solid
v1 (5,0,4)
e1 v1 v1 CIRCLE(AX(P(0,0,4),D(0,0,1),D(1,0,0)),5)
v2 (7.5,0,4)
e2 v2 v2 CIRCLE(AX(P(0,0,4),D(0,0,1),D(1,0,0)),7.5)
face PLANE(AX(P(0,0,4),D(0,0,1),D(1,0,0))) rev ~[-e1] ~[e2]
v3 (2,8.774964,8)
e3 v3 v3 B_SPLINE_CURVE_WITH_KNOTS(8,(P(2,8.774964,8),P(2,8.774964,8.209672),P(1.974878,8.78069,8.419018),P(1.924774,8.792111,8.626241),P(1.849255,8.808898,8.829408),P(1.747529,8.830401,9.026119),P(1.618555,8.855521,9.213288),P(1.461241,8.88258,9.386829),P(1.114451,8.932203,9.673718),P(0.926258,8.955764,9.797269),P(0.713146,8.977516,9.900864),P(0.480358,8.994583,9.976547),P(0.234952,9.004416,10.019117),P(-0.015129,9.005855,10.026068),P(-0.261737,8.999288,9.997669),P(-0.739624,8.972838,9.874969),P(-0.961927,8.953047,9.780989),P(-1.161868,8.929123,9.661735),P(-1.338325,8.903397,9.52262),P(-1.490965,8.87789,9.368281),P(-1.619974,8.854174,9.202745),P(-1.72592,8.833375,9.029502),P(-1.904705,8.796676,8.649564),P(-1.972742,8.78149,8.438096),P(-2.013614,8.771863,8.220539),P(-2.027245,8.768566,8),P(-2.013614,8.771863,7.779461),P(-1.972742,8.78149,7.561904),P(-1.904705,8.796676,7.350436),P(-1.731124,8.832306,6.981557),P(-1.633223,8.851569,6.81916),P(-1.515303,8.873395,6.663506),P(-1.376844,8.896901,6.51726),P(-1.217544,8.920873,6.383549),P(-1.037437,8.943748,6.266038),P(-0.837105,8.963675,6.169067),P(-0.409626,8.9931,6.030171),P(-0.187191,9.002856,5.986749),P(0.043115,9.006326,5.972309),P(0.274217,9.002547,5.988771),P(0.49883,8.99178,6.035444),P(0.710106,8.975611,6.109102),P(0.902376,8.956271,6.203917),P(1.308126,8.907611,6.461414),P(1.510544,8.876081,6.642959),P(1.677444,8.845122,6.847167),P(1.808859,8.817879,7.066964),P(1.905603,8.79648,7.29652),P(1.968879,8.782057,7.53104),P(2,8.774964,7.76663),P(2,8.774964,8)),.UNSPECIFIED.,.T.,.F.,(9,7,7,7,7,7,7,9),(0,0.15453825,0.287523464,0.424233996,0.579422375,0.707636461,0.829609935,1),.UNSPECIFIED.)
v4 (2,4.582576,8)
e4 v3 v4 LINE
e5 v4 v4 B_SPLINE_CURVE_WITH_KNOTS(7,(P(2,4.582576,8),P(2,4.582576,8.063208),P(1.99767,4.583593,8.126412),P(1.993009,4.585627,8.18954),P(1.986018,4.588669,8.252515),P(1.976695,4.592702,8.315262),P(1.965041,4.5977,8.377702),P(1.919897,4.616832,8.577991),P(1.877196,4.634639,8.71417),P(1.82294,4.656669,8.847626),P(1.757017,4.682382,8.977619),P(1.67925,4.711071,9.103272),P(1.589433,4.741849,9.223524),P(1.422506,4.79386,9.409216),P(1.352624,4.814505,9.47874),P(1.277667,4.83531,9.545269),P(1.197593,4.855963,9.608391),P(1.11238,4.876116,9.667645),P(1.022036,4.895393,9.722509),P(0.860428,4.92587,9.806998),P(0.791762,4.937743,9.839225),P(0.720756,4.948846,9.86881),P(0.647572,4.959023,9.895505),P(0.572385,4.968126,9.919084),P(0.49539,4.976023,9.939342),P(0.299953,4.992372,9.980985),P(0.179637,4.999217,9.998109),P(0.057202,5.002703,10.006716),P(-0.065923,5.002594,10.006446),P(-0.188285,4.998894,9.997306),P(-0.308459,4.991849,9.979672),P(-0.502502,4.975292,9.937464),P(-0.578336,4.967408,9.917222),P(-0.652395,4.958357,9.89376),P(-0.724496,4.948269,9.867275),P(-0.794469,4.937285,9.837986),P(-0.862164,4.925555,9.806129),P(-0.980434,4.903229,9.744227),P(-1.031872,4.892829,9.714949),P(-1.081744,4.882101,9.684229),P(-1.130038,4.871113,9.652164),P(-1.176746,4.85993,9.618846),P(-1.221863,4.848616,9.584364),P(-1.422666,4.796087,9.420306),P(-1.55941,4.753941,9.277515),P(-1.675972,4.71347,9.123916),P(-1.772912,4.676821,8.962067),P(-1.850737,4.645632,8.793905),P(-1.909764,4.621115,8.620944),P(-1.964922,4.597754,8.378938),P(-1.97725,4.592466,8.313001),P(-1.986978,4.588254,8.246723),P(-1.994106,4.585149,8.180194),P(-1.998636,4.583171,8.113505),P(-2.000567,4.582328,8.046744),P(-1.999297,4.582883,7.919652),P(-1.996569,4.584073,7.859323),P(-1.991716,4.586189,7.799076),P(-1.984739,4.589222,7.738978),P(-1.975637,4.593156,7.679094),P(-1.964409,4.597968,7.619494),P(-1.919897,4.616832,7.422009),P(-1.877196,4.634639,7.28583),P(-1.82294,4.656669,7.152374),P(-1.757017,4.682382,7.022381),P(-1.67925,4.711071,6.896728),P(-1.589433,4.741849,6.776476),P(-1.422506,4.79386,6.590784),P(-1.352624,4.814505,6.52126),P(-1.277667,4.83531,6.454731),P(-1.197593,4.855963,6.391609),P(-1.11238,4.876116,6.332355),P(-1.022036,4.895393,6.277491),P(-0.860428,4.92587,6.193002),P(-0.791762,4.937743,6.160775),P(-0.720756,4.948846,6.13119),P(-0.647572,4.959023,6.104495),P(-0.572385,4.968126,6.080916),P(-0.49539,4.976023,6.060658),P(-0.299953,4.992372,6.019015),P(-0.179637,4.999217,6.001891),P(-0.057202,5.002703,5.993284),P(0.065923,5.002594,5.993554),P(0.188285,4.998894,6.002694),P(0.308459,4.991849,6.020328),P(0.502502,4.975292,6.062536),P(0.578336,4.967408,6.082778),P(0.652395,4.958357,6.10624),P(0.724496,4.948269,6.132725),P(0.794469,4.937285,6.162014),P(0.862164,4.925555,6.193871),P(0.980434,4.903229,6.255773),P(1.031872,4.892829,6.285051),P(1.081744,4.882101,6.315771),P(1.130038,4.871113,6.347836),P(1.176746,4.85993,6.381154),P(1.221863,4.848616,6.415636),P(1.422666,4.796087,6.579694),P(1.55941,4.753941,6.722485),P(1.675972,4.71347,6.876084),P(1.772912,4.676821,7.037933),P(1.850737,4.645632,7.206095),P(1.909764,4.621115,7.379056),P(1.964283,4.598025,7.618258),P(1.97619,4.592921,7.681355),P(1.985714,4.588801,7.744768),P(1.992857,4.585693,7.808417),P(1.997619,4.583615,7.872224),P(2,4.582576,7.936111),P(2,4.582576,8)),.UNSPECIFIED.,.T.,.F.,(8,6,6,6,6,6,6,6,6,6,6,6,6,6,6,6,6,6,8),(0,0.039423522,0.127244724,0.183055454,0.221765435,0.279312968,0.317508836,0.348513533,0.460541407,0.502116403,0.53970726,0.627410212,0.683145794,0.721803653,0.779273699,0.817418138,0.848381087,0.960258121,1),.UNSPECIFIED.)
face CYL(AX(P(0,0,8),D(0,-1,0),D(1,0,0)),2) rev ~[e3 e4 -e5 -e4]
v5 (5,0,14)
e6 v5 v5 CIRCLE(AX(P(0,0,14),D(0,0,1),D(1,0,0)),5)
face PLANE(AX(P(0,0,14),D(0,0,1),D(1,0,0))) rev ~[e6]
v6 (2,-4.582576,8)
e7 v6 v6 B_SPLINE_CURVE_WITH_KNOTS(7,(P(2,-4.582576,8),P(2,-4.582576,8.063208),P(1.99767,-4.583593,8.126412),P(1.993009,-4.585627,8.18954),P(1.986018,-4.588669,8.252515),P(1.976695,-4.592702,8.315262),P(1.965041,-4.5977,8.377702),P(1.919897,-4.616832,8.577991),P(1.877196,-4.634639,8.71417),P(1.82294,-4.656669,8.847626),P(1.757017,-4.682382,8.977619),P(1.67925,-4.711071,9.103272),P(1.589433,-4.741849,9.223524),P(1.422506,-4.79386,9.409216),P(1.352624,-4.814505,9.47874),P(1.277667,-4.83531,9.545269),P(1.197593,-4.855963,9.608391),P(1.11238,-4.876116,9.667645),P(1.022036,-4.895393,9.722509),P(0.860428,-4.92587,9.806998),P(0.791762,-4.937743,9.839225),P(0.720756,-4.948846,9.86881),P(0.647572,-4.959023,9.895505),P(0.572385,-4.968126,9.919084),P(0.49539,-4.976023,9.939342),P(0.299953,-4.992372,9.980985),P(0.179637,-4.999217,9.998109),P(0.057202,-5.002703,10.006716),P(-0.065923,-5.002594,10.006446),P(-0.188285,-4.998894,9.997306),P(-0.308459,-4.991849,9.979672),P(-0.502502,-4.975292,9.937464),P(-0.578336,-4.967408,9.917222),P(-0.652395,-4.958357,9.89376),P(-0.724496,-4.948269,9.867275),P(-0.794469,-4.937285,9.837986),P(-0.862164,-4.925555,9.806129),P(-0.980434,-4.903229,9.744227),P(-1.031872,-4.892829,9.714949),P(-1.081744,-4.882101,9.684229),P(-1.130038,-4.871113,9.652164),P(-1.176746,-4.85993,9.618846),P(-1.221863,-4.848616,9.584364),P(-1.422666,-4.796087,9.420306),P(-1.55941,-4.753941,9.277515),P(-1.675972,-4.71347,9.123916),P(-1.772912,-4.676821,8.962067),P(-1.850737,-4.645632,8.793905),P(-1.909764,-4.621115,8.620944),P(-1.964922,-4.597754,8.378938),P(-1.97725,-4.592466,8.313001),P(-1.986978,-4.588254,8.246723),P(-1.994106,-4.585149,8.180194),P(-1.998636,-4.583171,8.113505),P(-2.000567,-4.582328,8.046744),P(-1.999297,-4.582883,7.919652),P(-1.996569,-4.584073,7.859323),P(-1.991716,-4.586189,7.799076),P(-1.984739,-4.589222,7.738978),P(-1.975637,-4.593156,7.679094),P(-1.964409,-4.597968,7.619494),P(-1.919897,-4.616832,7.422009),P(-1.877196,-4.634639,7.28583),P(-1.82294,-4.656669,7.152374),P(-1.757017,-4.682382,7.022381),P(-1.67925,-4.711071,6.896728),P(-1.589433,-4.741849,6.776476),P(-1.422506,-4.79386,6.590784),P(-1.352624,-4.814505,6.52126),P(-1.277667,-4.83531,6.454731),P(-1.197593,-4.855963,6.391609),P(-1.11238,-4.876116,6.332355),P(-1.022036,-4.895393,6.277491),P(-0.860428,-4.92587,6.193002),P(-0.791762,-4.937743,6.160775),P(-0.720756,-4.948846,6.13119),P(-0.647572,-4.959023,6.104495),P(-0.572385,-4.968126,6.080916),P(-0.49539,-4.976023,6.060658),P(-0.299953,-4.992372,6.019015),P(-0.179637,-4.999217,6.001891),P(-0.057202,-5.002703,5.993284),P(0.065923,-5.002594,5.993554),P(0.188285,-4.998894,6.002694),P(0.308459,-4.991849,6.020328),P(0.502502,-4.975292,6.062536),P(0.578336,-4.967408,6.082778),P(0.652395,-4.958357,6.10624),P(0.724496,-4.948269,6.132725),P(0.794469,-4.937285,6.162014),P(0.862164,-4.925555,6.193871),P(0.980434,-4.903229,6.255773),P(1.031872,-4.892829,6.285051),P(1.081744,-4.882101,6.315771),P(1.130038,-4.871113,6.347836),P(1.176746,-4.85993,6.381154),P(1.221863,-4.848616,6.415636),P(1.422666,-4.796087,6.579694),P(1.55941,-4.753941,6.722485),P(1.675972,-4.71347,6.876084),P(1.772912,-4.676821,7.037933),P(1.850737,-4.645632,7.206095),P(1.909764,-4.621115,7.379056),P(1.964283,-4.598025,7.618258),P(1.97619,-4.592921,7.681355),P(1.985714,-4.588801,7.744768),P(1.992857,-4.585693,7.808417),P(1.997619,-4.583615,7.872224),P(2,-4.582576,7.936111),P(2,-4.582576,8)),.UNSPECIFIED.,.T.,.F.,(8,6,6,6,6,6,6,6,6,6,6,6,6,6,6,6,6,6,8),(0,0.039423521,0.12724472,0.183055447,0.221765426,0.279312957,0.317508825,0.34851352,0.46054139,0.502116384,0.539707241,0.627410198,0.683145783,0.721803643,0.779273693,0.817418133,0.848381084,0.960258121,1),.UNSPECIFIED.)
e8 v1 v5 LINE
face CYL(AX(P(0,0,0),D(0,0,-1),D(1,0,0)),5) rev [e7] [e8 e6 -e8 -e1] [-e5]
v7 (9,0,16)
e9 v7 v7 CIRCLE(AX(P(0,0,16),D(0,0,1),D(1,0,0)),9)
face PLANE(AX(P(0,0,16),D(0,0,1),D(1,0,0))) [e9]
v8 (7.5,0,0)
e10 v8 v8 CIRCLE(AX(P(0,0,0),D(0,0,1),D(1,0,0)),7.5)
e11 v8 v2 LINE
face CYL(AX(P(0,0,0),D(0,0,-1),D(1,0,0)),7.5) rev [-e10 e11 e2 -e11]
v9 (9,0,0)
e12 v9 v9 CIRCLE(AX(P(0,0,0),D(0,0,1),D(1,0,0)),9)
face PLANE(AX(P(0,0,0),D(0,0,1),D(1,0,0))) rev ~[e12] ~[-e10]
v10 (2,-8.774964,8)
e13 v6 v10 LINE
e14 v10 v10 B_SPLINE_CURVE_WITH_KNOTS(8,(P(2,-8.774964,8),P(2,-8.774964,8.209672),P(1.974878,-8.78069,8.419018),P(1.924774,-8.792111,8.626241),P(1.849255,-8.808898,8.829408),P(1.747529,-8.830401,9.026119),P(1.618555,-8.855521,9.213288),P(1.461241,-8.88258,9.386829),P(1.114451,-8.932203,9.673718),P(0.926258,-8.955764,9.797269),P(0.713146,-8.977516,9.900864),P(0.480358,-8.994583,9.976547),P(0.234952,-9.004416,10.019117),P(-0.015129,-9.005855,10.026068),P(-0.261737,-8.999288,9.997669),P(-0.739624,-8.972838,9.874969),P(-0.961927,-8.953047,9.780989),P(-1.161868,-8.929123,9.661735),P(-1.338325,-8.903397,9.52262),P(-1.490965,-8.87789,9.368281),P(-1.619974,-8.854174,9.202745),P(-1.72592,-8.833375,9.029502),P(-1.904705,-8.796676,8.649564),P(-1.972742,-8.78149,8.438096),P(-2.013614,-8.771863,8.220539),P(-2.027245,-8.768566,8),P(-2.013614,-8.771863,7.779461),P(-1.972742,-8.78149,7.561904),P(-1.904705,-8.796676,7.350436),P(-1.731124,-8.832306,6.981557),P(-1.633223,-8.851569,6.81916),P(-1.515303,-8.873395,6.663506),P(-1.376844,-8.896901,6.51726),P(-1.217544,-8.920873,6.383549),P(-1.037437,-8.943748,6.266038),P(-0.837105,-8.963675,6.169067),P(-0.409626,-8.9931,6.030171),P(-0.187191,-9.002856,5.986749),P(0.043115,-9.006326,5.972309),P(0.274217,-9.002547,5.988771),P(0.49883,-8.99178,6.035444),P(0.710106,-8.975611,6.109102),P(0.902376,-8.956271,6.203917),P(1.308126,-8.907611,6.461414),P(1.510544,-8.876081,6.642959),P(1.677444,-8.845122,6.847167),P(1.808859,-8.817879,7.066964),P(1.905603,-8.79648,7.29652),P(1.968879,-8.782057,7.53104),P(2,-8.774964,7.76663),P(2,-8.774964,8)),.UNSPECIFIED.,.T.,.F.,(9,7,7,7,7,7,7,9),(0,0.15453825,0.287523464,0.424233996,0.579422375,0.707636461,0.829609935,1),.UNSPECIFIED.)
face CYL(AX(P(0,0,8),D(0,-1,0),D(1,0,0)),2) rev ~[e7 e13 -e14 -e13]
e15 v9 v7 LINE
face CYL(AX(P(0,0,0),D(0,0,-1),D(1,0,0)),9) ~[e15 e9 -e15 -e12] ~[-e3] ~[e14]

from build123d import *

# Parameters (mm, degrees)
F0_R     = 9
F0_R_2   = 7.5
F0_R_3   = 5
F1_DEPTH = 16
F2_DEPTH = 14
F3_DEPTH = 4
F4_R     = 2
F5_DEPTH = 12.5


with BuildPart() as f1:
    # F0 (on Top) → F1 (new body)
    with BuildSketch(Plane.XY):
        Circle(F0_R)
        Circle(F0_R_2, mode=Mode.SUBTRACT)
        Circle(F0_R_2)
        Circle(F0_R_3, mode=Mode.SUBTRACT)
        Circle(F0_R_3)
    extrude(amount=F1_DEPTH)

    # F0 (on Top) → F2 (cut)
    with BuildSketch(Plane.XY):
        Circle(F0_R_3)
    extrude(amount=F2_DEPTH, mode=Mode.SUBTRACT)

    # F0 (on Top) → F3 (cut)
    with BuildSketch(Plane.XY):
        Circle(F0_R_2)
        Circle(F0_R_3, mode=Mode.SUBTRACT)
    extrude(amount=F3_DEPTH, mode=Mode.SUBTRACT)

    # F4 (on Front) → F5 (cut, symmetric)
    with BuildSketch(Plane.XZ):
        with Locations((0, 8)):
            Circle(F4_R)
    extrude(amount=F5_DEPTH, both=True, mode=Mode.SUBTRACT)


solid = f1.part
